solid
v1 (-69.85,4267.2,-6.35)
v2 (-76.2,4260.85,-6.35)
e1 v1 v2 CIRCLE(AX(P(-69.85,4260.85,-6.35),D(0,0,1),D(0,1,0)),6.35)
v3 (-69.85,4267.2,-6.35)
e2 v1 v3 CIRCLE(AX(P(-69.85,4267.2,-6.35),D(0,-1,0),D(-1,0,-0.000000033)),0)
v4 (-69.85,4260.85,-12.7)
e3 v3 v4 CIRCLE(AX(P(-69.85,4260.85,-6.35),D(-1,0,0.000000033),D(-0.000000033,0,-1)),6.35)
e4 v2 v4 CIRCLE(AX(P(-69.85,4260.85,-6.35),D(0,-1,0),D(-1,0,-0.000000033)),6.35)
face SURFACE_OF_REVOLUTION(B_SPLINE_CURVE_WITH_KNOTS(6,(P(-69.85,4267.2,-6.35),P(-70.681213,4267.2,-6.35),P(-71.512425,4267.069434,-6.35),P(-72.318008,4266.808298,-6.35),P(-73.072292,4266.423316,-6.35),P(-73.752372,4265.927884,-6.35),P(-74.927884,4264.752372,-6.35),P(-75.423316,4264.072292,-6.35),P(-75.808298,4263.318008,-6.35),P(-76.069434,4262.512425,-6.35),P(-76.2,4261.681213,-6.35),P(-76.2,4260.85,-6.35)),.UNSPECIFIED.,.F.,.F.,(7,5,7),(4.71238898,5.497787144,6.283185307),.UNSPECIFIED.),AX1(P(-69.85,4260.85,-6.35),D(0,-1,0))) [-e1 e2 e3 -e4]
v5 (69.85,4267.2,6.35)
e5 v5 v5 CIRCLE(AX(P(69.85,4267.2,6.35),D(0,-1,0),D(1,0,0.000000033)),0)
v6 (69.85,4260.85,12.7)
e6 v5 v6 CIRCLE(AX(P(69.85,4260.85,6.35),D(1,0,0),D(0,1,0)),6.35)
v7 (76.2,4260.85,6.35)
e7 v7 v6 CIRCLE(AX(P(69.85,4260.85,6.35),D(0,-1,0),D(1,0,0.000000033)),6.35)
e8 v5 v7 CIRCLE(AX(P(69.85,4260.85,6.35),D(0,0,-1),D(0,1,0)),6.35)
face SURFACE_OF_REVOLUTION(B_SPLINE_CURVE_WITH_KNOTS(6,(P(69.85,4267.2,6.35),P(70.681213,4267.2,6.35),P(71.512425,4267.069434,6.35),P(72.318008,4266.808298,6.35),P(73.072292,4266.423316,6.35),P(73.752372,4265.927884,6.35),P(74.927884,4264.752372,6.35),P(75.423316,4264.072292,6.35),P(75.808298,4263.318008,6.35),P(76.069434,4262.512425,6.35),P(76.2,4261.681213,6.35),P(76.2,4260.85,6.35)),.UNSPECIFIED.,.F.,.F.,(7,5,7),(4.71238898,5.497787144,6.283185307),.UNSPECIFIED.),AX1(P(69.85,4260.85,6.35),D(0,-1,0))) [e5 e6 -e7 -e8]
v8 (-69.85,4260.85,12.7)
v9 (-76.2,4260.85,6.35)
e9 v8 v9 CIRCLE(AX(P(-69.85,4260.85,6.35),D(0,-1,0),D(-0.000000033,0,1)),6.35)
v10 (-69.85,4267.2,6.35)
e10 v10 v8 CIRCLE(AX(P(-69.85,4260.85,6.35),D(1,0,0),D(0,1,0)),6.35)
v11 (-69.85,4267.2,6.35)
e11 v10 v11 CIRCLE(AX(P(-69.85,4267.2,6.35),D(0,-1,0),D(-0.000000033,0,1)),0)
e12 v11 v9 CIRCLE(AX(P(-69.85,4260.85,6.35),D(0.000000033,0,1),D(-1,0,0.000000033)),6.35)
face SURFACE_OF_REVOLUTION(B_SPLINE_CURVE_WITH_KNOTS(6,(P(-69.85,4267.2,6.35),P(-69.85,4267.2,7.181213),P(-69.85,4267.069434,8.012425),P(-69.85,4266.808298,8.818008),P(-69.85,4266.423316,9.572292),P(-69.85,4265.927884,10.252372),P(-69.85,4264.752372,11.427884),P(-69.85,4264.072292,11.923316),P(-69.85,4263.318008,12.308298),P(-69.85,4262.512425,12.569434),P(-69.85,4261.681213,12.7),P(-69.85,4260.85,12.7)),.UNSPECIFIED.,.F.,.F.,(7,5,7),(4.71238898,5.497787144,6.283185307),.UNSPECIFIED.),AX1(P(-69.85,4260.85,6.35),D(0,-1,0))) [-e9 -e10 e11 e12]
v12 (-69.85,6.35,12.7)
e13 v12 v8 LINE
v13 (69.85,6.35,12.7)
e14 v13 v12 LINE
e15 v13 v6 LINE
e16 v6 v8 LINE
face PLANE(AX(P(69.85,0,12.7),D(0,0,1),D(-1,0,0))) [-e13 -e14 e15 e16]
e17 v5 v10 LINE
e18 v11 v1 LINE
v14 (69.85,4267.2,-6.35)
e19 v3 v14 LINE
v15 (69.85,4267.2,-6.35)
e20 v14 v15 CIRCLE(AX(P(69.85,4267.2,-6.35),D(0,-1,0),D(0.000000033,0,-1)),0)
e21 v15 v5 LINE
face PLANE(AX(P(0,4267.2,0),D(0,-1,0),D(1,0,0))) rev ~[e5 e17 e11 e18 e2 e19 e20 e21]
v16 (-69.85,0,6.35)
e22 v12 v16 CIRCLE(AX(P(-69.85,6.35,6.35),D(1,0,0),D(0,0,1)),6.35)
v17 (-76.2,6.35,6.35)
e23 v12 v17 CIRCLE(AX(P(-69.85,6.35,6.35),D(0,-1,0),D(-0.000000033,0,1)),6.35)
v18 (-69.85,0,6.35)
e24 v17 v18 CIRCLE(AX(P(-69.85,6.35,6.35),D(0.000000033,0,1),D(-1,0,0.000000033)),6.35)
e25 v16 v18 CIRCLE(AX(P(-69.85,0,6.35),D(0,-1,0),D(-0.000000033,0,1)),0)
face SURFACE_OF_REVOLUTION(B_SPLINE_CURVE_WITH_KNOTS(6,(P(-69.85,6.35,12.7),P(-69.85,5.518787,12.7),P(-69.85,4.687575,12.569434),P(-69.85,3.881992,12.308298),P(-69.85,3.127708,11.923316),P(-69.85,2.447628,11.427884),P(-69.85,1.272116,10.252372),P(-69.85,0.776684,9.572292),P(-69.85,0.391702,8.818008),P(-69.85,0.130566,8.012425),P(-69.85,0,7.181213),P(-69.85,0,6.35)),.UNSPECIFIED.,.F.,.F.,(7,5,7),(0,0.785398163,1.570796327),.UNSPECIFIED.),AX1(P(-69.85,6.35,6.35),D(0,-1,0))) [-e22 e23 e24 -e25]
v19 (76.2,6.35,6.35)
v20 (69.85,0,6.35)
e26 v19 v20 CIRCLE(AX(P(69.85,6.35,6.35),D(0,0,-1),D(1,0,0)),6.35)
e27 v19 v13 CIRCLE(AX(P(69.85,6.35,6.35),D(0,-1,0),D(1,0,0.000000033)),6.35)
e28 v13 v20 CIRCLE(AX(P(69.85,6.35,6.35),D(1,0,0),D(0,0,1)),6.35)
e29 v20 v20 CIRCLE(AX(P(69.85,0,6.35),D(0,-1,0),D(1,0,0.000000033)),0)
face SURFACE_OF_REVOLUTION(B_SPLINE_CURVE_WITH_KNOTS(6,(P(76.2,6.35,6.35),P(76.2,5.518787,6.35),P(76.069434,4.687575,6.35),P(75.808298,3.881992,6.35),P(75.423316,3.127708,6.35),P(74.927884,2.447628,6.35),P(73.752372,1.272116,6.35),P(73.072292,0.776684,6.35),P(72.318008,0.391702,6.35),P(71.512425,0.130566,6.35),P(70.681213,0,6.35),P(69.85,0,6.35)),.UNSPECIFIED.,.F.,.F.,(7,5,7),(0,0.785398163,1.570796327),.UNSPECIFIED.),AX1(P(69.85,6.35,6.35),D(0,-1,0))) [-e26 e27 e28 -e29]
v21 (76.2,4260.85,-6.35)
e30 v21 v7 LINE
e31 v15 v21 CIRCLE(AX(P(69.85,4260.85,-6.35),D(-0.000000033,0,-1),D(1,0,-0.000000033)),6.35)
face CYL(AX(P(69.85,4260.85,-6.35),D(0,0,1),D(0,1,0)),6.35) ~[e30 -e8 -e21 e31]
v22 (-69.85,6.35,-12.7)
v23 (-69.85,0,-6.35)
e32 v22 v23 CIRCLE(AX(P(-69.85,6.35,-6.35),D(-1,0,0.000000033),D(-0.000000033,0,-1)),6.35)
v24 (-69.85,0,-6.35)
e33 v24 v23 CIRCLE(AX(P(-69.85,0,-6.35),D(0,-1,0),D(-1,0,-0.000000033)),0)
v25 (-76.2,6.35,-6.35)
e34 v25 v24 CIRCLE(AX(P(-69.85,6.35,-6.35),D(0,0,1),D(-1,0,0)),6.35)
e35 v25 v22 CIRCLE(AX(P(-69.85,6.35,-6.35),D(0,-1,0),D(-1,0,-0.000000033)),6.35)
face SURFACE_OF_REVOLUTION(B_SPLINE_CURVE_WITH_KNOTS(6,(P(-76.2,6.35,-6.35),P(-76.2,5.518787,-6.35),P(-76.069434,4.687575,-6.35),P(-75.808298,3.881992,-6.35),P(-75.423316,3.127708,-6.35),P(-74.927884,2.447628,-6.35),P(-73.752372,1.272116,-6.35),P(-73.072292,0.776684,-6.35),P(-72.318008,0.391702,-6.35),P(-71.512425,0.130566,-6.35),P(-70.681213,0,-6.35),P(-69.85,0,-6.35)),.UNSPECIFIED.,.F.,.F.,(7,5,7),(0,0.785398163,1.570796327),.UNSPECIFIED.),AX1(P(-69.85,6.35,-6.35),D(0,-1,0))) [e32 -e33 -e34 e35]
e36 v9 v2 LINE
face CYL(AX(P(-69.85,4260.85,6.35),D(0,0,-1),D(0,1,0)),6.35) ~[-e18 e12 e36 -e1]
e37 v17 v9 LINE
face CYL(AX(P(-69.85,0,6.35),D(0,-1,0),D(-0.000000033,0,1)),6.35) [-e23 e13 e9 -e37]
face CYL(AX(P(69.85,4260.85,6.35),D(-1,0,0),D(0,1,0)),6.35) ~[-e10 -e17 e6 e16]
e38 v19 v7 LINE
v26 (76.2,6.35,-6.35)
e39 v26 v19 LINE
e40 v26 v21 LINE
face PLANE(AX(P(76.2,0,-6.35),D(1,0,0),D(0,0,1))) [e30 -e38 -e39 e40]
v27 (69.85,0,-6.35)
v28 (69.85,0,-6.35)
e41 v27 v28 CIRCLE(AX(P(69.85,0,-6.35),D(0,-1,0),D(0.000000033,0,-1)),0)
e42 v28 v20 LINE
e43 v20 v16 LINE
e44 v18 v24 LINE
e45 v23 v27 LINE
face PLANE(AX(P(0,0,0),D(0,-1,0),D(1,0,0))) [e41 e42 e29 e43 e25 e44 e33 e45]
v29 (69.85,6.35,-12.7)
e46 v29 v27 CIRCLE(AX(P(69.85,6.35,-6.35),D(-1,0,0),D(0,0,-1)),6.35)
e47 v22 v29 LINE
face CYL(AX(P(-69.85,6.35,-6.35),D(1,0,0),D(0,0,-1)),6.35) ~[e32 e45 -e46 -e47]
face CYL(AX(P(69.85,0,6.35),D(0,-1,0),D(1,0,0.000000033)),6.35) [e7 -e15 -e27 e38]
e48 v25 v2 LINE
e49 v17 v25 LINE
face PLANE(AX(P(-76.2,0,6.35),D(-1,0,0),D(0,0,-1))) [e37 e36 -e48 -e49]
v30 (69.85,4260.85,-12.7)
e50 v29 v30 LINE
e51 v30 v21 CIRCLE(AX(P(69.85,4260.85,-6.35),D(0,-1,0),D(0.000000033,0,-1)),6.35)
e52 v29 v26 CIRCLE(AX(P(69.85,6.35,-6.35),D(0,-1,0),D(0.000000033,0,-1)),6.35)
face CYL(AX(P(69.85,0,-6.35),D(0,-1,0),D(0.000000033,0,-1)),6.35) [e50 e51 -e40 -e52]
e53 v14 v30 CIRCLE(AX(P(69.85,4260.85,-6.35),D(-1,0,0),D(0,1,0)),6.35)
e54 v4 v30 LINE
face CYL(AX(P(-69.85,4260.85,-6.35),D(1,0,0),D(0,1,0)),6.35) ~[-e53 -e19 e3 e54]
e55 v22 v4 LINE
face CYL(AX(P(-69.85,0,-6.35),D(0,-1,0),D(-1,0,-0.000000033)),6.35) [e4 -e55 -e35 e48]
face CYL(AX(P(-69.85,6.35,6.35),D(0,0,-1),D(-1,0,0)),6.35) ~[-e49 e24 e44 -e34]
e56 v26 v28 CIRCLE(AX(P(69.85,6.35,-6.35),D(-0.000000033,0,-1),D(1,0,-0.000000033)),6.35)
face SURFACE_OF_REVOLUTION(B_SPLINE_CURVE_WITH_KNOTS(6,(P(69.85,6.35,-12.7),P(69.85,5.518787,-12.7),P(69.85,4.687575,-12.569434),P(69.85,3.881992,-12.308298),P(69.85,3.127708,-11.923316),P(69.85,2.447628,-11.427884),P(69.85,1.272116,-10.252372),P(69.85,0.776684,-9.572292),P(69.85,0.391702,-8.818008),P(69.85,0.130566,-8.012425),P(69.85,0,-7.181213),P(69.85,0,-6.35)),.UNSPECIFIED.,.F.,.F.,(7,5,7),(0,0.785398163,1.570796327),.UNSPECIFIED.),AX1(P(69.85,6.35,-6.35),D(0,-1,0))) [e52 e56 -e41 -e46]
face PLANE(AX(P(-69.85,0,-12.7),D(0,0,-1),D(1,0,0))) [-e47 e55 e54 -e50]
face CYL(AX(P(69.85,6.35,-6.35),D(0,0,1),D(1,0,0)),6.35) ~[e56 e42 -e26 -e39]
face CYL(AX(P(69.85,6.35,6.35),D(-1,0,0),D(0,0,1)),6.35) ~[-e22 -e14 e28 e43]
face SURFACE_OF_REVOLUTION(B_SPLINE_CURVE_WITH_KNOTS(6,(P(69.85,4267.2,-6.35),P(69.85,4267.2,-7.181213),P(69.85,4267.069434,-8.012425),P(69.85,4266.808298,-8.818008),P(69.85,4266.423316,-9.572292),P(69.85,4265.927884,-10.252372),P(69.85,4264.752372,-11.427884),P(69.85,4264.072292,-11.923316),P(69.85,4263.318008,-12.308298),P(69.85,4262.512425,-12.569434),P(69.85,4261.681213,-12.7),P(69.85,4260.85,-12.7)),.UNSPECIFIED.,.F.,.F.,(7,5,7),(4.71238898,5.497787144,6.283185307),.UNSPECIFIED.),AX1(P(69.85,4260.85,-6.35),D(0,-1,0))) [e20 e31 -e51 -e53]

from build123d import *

# Parameters (mm, degrees)
F1_DEPTH = 4267.2
F2_R     = 6.35
F3_R     = 6.35


with BuildPart() as f1:
    # F0 (on Front) → F1 (new body)
    with BuildSketch(Plane.XZ):
        with BuildLine():
            Line((-69.85, -12.7), (69.85, -12.7))
            ThreePointArc((69.85, -12.7), (74.340128, -10.840128), (76.2, -6.35))
            Line((76.2, -6.35), (76.2, 6.35))
            ThreePointArc((76.2, 6.35), (74.340128, 10.840128), (69.85, 12.7))
            Line((69.85, 12.7), (-69.85, 12.7))
            ThreePointArc((-69.85, 12.7), (-74.340128, 10.840128), (-76.2, 6.35))
            Line((-76.2, 6.35), (-76.2, -6.35))
            ThreePointArc((-76.2, -6.35), (-74.340128, -10.840128), (-69.85, -12.7))
        make_face()
    extrude(amount=-F1_DEPTH)

    # F2
    f2_edges = [f1.edges().sort_by_distance(p)[0] for p in [
        (0, 0, 12.7),
        (0, 0, -12.7),
    ]]
    fillet(f2_edges, radius=F2_R)

    # F3
    f3_edges = [f1.edges().sort_by_distance(p)[0] for p in [
        (0, 4267.2, 12.7),
        (76.2, 4267.2, 0),
    ]]
    fillet(f3_edges, radius=F3_R)


solid = f1.part
